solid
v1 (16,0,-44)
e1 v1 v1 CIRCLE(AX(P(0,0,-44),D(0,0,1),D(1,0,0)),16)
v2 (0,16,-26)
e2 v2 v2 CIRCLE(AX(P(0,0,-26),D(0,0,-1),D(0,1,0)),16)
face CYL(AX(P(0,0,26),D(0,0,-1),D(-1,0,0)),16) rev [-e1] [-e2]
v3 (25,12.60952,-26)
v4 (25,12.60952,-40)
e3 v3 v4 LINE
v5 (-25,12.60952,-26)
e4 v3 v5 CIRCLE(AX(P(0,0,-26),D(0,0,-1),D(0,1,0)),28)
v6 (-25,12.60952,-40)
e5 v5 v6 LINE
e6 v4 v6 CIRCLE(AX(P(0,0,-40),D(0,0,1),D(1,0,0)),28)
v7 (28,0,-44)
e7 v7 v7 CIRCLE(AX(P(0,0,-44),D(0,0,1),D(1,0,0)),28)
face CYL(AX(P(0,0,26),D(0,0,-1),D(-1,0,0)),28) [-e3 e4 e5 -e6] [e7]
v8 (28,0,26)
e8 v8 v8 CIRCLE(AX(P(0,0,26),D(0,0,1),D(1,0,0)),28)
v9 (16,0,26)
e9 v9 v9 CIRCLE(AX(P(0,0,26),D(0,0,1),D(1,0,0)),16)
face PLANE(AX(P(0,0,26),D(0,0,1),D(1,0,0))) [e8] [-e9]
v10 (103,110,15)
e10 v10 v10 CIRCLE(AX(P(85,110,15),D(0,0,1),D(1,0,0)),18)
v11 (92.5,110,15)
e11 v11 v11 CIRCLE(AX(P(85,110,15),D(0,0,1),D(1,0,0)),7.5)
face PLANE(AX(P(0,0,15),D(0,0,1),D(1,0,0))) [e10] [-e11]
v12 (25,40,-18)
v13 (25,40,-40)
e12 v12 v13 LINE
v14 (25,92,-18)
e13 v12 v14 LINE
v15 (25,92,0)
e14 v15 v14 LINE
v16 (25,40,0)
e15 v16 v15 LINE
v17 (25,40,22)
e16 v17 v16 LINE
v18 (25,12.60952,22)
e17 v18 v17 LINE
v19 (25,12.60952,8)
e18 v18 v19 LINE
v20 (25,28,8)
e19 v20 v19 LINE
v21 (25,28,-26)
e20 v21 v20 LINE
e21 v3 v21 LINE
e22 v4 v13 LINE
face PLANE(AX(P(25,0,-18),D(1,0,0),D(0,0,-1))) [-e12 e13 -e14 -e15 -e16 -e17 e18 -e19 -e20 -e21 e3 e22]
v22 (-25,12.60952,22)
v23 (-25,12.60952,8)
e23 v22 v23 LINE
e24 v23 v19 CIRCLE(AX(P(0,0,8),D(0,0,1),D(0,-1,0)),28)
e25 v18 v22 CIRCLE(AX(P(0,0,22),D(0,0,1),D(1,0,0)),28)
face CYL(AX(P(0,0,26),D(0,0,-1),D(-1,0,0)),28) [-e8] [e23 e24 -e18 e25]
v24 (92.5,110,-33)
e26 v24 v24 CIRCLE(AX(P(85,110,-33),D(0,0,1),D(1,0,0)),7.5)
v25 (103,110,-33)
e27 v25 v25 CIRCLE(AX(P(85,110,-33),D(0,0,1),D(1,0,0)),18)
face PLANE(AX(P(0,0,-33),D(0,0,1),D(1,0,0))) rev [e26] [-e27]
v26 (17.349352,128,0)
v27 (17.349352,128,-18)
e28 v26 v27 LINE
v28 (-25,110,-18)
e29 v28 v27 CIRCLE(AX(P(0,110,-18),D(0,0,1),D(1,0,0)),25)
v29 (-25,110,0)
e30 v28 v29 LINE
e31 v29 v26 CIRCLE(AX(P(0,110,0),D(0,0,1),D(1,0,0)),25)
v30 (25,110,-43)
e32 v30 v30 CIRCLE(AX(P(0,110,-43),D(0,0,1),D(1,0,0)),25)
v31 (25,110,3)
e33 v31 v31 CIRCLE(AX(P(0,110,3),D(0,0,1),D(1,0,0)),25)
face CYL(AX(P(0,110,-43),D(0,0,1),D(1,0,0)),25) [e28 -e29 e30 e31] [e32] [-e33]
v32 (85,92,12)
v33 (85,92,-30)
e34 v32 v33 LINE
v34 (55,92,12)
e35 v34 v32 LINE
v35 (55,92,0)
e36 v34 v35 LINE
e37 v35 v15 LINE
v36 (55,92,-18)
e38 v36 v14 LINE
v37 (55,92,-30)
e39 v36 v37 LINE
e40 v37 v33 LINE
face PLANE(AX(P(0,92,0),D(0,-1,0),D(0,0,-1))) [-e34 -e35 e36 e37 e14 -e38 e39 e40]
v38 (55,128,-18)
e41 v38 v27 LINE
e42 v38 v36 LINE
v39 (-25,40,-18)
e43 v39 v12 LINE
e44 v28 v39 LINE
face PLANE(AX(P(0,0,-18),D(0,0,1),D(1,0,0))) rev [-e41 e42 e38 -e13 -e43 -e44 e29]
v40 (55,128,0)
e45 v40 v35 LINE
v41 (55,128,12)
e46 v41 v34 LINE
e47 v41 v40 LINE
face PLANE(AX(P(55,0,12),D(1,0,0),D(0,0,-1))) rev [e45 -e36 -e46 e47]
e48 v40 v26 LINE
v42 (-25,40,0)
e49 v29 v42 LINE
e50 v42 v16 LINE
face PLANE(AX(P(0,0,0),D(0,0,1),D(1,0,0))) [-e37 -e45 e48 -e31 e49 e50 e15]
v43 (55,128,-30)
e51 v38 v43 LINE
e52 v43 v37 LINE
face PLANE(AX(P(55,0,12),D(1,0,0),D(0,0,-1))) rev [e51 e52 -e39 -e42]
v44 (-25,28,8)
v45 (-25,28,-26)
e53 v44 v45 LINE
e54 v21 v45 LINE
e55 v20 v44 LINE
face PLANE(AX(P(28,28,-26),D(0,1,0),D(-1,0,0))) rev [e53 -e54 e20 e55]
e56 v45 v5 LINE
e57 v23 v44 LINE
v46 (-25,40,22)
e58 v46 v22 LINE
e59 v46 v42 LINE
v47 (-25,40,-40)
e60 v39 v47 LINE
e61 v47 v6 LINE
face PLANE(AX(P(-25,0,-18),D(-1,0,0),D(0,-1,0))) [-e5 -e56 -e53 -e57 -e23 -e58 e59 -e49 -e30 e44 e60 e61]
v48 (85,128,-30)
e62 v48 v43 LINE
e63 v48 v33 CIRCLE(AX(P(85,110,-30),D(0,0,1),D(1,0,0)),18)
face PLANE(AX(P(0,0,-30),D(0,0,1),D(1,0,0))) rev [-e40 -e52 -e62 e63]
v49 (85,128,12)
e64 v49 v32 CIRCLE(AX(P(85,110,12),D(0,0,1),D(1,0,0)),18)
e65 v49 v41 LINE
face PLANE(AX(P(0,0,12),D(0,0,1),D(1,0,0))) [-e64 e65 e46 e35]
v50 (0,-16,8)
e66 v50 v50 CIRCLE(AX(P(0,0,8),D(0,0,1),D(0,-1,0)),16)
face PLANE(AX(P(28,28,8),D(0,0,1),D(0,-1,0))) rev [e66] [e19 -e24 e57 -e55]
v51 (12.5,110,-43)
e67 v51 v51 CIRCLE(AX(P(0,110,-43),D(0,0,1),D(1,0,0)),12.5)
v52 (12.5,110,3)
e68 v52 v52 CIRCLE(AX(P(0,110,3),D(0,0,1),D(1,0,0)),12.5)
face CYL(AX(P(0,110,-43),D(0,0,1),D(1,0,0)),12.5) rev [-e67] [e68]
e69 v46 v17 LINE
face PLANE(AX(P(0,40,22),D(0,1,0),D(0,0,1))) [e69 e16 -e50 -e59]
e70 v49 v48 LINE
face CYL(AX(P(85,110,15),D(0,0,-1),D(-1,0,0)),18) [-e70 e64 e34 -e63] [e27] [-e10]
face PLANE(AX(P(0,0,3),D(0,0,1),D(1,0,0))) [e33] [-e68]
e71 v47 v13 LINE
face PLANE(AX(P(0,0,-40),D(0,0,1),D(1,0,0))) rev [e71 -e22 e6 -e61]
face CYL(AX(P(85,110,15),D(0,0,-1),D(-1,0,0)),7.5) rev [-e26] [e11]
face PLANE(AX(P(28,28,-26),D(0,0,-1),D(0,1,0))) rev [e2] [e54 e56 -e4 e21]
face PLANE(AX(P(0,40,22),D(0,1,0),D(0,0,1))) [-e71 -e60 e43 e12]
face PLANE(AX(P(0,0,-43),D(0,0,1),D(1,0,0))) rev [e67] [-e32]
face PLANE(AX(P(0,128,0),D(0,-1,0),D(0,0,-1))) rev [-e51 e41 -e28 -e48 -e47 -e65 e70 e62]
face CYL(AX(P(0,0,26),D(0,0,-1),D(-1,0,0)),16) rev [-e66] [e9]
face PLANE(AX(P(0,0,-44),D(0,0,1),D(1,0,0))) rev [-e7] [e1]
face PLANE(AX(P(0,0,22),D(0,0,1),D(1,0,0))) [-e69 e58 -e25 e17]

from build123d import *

# Parameters (mm, degrees)
BOSS_EXTRUDE1_DEPTH      = 3
BOSS_EXTRUDE1_DEPTH_BACK = 43
SKETCH1_R                = 12.5
BOSS_EXTRUDE2_DEPTH      = 18
SKETCH2_R                = 16
BOSS_EXTRUDE3_DEPTH      = 35
BOSS_EXTRUDE4_DEPTH      = 31
CUT_EXTRUDE1_DEPTH       = 152.558569537
CUT_EXTRUDE1_DEPTH_BACK  = 152.558569537
SKETCH3_W                = 34
SKETCH3_H                = 83.380174096
SKETCH4_R                = 7.5
BOSS_EXTRUDE5_DEPTH      = 24
BOSS_EXTRUDE6_DEPTH      = 21
BOSS_EXTRUDE7_DEPTH      = 9


with BuildPart() as part:
    # Sketch1 → Boss-Extrude1 (new, two sides: drawn at the far end of the back side and taken through both)
    with BuildSketch(Plane.XY.offset(-BOSS_EXTRUDE1_DEPTH_BACK)):
        with BuildLine():
            ThreePointArc((25, 110), (0, 135), (-25, 110))
            ThreePointArc((-25, 110), (0, 85), (25, 110))
        make_face()
        with Locations((0, 110)):
            Circle(SKETCH1_R, mode=Mode.SUBTRACT)
    extrude(amount=BOSS_EXTRUDE1_DEPTH + BOSS_EXTRUDE1_DEPTH_BACK)

    # Sketch1<3> → Boss-Extrude2 (add)
    with BuildSketch(Plane.XY):
        with BuildLine():
            ThreePointArc((25, 110), (0, 85), (-25, 110))
            Line((-25, 110), (-25, 40))
            Line((-25, 40), (25, 40))
            Line((25, 40), (25, 110))
        make_face()
    extrude(amount=-BOSS_EXTRUDE2_DEPTH)



with BuildPart() as body_2:
    # Sketch2 → Boss-Extrude3 (new, symmetric)
    with BuildSketch(Plane.XY.offset(-9)):
        with BuildLine():
            ThreePointArc((25, 12.609520213), (0, 28), (-25, 12.609520213))
            ThreePointArc((-25, 12.609520213), (-6.480740698, -27.239676944), (28, 0))
            ThreePointArc((28, 0), (27.239676944, 6.480740698), (25, 12.609520213))
        make_face()
        Circle(SKETCH2_R, mode=Mode.SUBTRACT)
    extrude(amount=BOSS_EXTRUDE3_DEPTH, both=True)


with BuildPart() as part_1:
    add(part.part)

    add(body_2.part)  # Boss-Extrude4 merges body 2
    # Sketch2<3> → Boss-Extrude4 (add, symmetric)
    with BuildSketch(Plane.XY.offset(-9)):
        with BuildLine():
            Line((25, 40), (-25, 40))
            Line((-25, 40), (-25, 12.609520213))
            ThreePointArc((-25, 12.609520213), (0, 28), (25, 12.609520213))
            Line((25, 12.609520213), (25, 40))
        make_face()
    extrude(amount=BOSS_EXTRUDE4_DEPTH, both=True)

    # Sketch3 → Cut-Extrude1 (cut, two sides: drawn at the far end of the back side and taken through both)
    with BuildSketch(Plane.ZY.offset(25).offset(-CUT_EXTRUDE1_DEPTH_BACK)):
        with Locations((-9, -13.690087048)):
            Rectangle(SKETCH3_W, SKETCH3_H)
    extrude(amount=CUT_EXTRUDE1_DEPTH + CUT_EXTRUDE1_DEPTH_BACK, mode=Mode.SUBTRACT)



with BuildPart() as body_2_2:
    # Sketch4 → Boss-Extrude5 (new, symmetric)
    with BuildSketch(Plane.XY.offset(-9)):
        with BuildLine():
            ThreePointArc((103, 110), (97.727922061, 122.727922061), (85, 128))
            ThreePointArc((85, 128), (67, 110), (85, 92))
            ThreePointArc((85, 92), (97.727922061, 97.272077939), (103, 110))
        make_face()
        with Locations((85, 110)):
            Circle(SKETCH4_R, mode=Mode.SUBTRACT)
    extrude(amount=BOSS_EXTRUDE5_DEPTH, both=True)

    # Sketch4<3> → Boss-Extrude6 (add, symmetric)
    with BuildSketch(Plane.XY.offset(-9)):
        with BuildLine():
            ThreePointArc((85, 92), (67, 110), (85, 128))
            Line((85, 128), (55, 128))
            Line((55, 128), (55, 92))
            Line((55, 92), (85, 92))
        make_face()
    extrude(amount=BOSS_EXTRUDE6_DEPTH, both=True)


with BuildPart() as part_2:
    add(part_1.part)

    add(body_2_2.part)  # Boss-Extrude7 merges body 2 2
    # Sketch4<4> → Boss-Extrude7 (add, symmetric)
    with BuildSketch(Plane.XY.offset(-9)):
        with BuildLine():
            Line((55, 92), (55, 128))
            Line((55, 128), (17.349351573, 128))
            ThreePointArc((17.349351573, 128), (25, 110), (17.349351573, 92))
            Line((17.349351573, 92), (55, 92))
        make_face()
    extrude(amount=BOSS_EXTRUDE7_DEPTH, both=True)


solid = part_2.part
